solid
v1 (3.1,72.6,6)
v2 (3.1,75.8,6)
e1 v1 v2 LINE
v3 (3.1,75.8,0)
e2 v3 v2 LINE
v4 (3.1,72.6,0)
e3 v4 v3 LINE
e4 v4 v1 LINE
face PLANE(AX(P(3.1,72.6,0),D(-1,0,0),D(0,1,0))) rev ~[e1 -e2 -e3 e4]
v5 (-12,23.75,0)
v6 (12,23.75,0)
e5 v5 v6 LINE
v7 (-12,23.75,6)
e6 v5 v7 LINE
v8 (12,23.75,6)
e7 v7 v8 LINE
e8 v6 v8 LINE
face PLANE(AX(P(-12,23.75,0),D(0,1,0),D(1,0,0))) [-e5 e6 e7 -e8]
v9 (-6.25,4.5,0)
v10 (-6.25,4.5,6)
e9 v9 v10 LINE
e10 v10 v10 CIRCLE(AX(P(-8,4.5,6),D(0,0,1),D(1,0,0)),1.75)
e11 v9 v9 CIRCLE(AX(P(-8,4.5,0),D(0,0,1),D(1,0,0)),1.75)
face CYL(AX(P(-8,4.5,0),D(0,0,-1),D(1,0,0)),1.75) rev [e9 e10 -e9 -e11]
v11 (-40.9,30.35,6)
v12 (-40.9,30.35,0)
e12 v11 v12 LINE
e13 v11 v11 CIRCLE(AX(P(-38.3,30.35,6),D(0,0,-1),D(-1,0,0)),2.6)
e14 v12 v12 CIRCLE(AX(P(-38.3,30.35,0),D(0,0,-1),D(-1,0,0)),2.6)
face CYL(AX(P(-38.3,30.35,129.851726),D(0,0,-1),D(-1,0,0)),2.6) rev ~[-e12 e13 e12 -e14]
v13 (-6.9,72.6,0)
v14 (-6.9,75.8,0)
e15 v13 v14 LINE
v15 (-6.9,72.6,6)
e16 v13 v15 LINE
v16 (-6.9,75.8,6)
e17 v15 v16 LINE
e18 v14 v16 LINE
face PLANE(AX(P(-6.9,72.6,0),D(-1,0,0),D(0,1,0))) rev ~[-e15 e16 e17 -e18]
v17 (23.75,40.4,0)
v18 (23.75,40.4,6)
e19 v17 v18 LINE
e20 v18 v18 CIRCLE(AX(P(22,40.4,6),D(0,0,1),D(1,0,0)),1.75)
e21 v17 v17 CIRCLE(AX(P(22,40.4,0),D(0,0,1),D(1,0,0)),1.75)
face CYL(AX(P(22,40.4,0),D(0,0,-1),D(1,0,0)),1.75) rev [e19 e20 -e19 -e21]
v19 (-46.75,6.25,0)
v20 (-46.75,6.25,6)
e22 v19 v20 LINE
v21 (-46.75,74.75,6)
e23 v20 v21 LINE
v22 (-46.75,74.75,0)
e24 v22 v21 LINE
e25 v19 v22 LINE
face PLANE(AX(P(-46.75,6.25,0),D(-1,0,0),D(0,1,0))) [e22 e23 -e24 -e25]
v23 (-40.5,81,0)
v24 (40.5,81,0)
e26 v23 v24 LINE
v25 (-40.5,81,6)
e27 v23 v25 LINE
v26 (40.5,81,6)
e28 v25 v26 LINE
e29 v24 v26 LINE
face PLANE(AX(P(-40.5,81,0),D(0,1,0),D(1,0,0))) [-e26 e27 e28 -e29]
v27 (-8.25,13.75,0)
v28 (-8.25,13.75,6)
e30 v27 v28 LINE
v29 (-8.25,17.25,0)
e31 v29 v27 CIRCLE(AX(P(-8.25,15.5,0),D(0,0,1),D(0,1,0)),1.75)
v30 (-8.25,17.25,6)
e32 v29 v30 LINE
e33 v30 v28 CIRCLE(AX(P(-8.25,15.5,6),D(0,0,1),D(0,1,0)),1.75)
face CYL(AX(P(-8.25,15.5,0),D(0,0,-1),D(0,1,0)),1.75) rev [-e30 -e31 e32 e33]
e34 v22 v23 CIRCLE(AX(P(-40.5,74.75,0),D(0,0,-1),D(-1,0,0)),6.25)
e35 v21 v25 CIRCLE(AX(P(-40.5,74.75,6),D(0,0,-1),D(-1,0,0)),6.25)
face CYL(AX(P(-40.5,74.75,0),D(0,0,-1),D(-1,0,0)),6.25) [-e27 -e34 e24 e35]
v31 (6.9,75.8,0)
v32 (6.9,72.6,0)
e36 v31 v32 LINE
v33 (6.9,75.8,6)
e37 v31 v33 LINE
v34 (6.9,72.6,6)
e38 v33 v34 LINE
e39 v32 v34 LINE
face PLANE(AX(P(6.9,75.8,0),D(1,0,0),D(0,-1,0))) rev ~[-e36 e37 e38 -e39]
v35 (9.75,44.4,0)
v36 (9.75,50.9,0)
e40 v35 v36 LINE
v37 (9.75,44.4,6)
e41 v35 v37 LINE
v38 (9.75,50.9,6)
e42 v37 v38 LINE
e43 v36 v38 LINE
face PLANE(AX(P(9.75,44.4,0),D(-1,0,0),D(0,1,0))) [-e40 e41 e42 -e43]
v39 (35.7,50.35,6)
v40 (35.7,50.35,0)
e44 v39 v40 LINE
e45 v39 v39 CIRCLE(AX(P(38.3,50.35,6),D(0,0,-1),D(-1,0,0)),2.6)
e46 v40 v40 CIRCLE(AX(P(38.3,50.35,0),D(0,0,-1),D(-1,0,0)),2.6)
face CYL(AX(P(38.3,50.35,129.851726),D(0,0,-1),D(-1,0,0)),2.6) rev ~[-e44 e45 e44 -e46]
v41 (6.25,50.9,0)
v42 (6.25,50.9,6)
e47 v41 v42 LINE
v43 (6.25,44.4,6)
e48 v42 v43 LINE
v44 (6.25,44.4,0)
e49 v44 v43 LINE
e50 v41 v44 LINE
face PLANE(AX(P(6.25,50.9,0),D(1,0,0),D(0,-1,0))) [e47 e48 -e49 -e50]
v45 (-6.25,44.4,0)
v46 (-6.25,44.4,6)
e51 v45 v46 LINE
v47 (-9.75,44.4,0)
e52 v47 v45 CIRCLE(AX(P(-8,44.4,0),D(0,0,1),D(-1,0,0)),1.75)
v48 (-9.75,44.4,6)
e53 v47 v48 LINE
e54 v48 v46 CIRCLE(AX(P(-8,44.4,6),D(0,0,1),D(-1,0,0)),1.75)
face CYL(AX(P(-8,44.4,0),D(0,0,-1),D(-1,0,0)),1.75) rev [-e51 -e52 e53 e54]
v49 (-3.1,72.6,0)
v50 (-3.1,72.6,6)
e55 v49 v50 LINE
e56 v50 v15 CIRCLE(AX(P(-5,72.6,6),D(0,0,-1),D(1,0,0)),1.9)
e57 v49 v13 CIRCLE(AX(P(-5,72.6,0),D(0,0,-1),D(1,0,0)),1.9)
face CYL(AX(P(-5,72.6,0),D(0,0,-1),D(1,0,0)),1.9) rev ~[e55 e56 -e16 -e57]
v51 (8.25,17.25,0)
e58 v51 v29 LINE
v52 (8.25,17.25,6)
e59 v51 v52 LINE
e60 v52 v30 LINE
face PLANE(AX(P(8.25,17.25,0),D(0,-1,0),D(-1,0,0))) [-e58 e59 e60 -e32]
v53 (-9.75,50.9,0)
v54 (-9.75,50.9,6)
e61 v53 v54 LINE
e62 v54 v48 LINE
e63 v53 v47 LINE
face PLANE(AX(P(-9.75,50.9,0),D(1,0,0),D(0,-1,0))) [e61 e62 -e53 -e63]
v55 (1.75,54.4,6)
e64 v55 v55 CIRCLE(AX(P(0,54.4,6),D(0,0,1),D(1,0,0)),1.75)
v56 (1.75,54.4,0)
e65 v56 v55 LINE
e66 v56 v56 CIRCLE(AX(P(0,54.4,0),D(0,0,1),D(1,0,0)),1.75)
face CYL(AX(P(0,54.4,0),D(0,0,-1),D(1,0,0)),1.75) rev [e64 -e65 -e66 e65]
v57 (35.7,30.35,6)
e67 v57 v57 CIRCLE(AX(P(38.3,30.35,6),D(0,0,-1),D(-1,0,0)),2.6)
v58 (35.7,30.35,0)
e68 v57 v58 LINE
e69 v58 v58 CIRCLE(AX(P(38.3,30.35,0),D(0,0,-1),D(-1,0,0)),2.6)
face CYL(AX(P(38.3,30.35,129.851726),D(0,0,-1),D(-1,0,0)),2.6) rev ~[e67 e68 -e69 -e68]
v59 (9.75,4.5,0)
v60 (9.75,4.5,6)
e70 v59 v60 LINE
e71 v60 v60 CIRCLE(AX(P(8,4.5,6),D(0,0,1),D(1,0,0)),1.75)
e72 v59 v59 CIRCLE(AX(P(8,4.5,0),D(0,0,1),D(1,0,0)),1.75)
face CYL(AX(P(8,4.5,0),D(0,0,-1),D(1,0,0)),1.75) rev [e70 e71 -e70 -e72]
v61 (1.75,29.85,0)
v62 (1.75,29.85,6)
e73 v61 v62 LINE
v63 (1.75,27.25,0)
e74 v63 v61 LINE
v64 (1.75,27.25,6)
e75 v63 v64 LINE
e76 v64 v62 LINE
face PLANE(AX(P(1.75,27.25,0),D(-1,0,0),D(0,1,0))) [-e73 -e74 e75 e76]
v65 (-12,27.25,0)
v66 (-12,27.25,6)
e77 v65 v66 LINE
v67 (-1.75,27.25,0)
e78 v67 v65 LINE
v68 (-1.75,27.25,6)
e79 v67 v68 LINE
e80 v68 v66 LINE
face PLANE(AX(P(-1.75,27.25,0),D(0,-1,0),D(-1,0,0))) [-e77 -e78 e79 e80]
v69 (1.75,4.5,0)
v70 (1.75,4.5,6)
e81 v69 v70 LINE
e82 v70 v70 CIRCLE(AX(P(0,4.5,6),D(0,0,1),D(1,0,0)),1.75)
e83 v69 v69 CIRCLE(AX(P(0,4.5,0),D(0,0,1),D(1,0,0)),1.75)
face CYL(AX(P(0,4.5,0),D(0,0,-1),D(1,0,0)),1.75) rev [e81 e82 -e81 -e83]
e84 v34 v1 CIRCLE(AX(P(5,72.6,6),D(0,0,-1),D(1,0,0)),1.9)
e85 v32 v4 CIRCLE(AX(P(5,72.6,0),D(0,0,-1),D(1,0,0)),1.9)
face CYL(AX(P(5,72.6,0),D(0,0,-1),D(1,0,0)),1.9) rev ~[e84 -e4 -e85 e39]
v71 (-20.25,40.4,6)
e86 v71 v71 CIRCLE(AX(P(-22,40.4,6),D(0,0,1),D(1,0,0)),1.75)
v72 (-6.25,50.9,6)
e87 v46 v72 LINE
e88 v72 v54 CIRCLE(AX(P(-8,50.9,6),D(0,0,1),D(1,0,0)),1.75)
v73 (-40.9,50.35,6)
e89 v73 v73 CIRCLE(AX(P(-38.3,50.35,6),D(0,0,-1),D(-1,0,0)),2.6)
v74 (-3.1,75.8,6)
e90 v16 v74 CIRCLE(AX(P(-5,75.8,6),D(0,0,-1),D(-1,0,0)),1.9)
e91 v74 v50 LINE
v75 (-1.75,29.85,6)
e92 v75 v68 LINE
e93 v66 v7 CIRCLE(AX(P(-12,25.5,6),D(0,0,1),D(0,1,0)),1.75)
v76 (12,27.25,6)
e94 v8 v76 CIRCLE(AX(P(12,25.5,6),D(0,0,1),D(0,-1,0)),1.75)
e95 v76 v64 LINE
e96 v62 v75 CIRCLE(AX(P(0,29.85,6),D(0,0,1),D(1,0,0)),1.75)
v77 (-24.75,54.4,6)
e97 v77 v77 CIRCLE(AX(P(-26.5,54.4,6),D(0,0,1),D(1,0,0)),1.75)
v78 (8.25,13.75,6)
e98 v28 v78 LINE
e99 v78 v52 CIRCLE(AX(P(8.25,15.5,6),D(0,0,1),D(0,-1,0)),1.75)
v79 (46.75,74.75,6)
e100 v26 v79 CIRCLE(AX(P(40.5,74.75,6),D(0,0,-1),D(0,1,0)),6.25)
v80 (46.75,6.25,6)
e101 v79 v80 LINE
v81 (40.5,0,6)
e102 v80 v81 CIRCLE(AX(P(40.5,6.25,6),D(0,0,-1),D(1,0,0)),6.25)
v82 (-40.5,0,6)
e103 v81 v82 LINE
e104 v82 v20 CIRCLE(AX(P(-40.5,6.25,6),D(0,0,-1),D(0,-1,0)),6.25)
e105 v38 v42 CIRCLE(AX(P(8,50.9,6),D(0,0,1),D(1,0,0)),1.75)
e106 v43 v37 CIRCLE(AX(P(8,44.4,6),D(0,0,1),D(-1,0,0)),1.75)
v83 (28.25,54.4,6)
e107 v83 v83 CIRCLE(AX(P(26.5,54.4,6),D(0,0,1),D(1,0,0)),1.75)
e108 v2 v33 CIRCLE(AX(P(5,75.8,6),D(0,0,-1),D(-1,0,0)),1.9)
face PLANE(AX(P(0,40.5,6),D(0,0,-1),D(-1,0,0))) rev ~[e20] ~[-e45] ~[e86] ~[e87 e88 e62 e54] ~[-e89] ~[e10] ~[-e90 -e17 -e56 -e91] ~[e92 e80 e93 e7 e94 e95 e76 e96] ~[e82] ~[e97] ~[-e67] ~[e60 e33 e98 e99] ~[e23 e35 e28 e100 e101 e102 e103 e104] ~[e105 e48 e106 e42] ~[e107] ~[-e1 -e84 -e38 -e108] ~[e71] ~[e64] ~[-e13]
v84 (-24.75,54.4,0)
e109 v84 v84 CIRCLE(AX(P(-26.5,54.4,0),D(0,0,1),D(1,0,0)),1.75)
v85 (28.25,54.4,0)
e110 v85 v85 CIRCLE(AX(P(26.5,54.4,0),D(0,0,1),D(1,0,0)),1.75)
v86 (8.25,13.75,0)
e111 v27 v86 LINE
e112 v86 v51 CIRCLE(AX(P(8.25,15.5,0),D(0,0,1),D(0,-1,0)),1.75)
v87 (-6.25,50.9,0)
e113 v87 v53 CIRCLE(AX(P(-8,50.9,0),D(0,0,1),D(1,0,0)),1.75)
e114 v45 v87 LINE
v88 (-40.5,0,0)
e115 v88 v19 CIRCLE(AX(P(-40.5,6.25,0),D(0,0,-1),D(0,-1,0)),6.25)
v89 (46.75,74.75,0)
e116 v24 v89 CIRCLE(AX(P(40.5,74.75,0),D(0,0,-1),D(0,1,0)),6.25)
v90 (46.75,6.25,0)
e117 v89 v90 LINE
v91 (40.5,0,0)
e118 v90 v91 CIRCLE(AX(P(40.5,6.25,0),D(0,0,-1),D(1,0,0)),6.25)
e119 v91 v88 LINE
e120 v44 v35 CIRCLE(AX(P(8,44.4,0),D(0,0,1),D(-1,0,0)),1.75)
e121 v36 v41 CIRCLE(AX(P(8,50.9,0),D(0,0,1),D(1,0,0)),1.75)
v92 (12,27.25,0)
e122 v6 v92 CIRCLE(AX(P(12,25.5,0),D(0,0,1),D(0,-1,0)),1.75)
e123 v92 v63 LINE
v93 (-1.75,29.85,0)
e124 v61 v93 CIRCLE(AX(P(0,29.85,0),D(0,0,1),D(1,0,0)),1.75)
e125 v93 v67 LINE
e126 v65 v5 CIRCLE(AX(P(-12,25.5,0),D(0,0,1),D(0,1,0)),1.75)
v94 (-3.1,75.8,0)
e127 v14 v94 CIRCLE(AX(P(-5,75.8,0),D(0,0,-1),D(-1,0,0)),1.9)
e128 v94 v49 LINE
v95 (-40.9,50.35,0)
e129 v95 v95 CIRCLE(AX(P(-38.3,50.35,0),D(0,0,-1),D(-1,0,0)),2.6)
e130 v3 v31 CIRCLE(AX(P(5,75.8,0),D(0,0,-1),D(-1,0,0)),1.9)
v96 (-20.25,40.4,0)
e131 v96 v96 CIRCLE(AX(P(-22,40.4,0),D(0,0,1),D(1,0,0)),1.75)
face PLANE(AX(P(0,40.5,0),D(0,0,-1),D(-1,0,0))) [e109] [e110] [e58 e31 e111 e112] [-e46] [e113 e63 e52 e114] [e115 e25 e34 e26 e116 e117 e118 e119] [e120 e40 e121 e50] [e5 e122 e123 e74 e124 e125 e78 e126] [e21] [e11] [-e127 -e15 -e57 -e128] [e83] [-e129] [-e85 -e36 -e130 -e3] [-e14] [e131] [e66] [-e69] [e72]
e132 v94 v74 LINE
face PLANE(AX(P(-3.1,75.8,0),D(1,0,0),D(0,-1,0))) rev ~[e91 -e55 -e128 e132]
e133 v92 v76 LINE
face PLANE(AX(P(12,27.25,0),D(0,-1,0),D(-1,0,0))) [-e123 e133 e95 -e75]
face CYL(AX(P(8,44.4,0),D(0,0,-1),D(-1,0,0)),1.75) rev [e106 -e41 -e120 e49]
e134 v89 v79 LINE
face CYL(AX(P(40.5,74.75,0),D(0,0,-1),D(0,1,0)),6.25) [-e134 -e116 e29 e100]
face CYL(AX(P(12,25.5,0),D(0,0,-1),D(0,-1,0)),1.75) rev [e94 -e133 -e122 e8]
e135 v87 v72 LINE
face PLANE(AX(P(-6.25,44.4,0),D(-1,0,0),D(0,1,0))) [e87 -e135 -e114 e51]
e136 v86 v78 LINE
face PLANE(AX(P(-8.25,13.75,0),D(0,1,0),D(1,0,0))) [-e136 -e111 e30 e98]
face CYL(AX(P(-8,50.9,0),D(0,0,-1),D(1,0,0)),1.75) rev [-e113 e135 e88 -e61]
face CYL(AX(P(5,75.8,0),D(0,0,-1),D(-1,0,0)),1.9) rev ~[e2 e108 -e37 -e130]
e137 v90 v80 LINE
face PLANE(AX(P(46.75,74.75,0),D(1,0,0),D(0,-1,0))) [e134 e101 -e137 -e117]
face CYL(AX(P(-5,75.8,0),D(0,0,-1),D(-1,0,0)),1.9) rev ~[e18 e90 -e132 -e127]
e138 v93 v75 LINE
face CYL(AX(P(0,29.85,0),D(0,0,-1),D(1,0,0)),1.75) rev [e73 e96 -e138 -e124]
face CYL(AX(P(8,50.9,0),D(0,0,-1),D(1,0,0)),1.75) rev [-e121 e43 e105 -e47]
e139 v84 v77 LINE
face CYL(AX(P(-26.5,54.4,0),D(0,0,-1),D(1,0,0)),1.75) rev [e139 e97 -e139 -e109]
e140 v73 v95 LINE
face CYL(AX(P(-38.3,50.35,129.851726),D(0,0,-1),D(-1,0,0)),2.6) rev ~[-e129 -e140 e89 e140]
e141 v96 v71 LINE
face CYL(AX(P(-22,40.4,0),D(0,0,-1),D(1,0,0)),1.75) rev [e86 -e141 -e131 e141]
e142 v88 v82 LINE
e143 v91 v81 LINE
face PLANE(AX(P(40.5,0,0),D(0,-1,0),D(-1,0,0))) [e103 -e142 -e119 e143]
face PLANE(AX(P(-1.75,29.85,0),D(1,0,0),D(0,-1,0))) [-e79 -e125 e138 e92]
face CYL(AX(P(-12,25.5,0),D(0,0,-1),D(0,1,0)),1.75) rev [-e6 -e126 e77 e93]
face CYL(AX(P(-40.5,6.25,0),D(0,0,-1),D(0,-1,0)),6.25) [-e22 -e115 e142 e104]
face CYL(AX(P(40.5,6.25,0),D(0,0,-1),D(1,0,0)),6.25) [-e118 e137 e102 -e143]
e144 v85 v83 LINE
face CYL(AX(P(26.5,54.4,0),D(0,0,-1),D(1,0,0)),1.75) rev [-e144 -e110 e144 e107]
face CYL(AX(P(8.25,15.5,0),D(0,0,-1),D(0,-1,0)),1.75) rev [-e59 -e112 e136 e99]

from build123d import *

# Parameters (mm, degrees)
MODEL_R                    = 1.75
BASE_DEPTH                 = 6
F_5_2_5_2_DIAMETER_HOLE1_D = 5.2


with BuildPart() as part:
    # Model → Base (new body)
    with BuildSketch(Plane.XY):
        with BuildLine():
            Line((46.75, 74.75), (46.75, 6.25))
            ThreePointArc((46.75, 6.25), (44.919417382, 1.830582618), (40.5, 0))
            Line((40.5, 0), (-40.5, 0))
            ThreePointArc((-40.5, 0), (-44.919417382, 1.830582618), (-46.75, 6.25))
            Line((-46.75, 6.25), (-46.75, 74.75))
            ThreePointArc((-46.75, 74.75), (-44.919417382, 79.169417382), (-40.5, 81))
            Line((-40.5, 81), (40.5, 81))
            ThreePointArc((40.5, 81), (44.919417382, 79.169417382), (46.75, 74.75))
        make_face()
        with Locations((0, 4.5)):
            Circle(MODEL_R, mode=Mode.SUBTRACT)
        with Locations((8, 4.5)):
            Circle(MODEL_R, mode=Mode.SUBTRACT)
        with Locations((-8, 4.5)):
            Circle(MODEL_R, mode=Mode.SUBTRACT)
        with Locations((0, 54.4)):
            Circle(MODEL_R, mode=Mode.SUBTRACT)
        with Locations((26.5, 54.4)):
            Circle(MODEL_R, mode=Mode.SUBTRACT)
        with Locations((22, 40.4)):
            Circle(MODEL_R, mode=Mode.SUBTRACT)
        with Locations((-22, 40.4)):
            Circle(MODEL_R, mode=Mode.SUBTRACT)
        with Locations((-26.5, 54.4)):
            Circle(MODEL_R, mode=Mode.SUBTRACT)
        with BuildLine():
            Line((-3.1, 75.8), (-3.1, 72.6))
            ThreePointArc((-3.1, 72.6), (-5, 70.7), (-6.9, 72.6))
            Line((-6.9, 72.6), (-6.9, 75.8))
            ThreePointArc((-6.9, 75.8), (-5, 77.7), (-3.1, 75.8))
        make_face(mode=Mode.SUBTRACT)
        with BuildLine():
            Line((-9.75, 50.9), (-9.75, 44.4))
            ThreePointArc((-9.75, 44.4), (-8, 42.65), (-6.25, 44.4))
            Line((-6.25, 44.4), (-6.25, 50.9))
            ThreePointArc((-6.25, 50.9), (-8, 52.65), (-9.75, 50.9))
        make_face(mode=Mode.SUBTRACT)
        with BuildLine():
            Line((3.1, 72.6), (3.1, 75.8))
            ThreePointArc((3.1, 75.8), (5, 77.7), (6.9, 75.8))
            Line((6.9, 75.8), (6.9, 72.6))
            ThreePointArc((6.9, 72.6), (5, 70.7), (3.1, 72.6))
        make_face(mode=Mode.SUBTRACT)
        with BuildLine():
            Line((8.25, 17.25), (-8.25, 17.25))
            ThreePointArc((-8.25, 17.25), (-10, 15.5), (-8.25, 13.75))
            Line((-8.25, 13.75), (8.25, 13.75))
            ThreePointArc((8.25, 13.75), (10, 15.5), (8.25, 17.25))
        make_face(mode=Mode.SUBTRACT)
        with BuildLine():
            Line((9.75, 44.4), (9.75, 50.9))
            ThreePointArc((9.75, 50.9), (8, 52.65), (6.25, 50.9))
            Line((6.25, 50.9), (6.25, 44.4))
            ThreePointArc((6.25, 44.4), (8, 42.65), (9.75, 44.4))
        make_face(mode=Mode.SUBTRACT)
        with BuildLine():
            Line((-1.75, 29.85), (-1.75, 27.25))
            Line((-1.75, 27.25), (-12, 27.25))
            ThreePointArc((-12, 27.25), (-13.75, 25.5), (-12, 23.75))
            Line((-12, 23.75), (12, 23.75))
            ThreePointArc((12, 23.75), (13.75, 25.5), (12, 27.25))
            Line((12, 27.25), (1.75, 27.25))
            Line((1.75, 27.25), (1.75, 29.85))
            ThreePointArc((1.75, 29.85), (0, 31.6), (-1.75, 29.85))
        make_face(mode=Mode.SUBTRACT)
    extrude(amount=BASE_DEPTH)

    # Ø5.2 (5.2) Diameter Hole1 (through all)
    with Locations(Plane.XY.offset(6)):
        with Locations((-38.3, 50.35), (-38.3, 30.35), (38.3, 30.35), (38.3, 50.35)):
            Hole(F_5_2_5_2_DIAMETER_HOLE1_D / 2)


solid = part.part
